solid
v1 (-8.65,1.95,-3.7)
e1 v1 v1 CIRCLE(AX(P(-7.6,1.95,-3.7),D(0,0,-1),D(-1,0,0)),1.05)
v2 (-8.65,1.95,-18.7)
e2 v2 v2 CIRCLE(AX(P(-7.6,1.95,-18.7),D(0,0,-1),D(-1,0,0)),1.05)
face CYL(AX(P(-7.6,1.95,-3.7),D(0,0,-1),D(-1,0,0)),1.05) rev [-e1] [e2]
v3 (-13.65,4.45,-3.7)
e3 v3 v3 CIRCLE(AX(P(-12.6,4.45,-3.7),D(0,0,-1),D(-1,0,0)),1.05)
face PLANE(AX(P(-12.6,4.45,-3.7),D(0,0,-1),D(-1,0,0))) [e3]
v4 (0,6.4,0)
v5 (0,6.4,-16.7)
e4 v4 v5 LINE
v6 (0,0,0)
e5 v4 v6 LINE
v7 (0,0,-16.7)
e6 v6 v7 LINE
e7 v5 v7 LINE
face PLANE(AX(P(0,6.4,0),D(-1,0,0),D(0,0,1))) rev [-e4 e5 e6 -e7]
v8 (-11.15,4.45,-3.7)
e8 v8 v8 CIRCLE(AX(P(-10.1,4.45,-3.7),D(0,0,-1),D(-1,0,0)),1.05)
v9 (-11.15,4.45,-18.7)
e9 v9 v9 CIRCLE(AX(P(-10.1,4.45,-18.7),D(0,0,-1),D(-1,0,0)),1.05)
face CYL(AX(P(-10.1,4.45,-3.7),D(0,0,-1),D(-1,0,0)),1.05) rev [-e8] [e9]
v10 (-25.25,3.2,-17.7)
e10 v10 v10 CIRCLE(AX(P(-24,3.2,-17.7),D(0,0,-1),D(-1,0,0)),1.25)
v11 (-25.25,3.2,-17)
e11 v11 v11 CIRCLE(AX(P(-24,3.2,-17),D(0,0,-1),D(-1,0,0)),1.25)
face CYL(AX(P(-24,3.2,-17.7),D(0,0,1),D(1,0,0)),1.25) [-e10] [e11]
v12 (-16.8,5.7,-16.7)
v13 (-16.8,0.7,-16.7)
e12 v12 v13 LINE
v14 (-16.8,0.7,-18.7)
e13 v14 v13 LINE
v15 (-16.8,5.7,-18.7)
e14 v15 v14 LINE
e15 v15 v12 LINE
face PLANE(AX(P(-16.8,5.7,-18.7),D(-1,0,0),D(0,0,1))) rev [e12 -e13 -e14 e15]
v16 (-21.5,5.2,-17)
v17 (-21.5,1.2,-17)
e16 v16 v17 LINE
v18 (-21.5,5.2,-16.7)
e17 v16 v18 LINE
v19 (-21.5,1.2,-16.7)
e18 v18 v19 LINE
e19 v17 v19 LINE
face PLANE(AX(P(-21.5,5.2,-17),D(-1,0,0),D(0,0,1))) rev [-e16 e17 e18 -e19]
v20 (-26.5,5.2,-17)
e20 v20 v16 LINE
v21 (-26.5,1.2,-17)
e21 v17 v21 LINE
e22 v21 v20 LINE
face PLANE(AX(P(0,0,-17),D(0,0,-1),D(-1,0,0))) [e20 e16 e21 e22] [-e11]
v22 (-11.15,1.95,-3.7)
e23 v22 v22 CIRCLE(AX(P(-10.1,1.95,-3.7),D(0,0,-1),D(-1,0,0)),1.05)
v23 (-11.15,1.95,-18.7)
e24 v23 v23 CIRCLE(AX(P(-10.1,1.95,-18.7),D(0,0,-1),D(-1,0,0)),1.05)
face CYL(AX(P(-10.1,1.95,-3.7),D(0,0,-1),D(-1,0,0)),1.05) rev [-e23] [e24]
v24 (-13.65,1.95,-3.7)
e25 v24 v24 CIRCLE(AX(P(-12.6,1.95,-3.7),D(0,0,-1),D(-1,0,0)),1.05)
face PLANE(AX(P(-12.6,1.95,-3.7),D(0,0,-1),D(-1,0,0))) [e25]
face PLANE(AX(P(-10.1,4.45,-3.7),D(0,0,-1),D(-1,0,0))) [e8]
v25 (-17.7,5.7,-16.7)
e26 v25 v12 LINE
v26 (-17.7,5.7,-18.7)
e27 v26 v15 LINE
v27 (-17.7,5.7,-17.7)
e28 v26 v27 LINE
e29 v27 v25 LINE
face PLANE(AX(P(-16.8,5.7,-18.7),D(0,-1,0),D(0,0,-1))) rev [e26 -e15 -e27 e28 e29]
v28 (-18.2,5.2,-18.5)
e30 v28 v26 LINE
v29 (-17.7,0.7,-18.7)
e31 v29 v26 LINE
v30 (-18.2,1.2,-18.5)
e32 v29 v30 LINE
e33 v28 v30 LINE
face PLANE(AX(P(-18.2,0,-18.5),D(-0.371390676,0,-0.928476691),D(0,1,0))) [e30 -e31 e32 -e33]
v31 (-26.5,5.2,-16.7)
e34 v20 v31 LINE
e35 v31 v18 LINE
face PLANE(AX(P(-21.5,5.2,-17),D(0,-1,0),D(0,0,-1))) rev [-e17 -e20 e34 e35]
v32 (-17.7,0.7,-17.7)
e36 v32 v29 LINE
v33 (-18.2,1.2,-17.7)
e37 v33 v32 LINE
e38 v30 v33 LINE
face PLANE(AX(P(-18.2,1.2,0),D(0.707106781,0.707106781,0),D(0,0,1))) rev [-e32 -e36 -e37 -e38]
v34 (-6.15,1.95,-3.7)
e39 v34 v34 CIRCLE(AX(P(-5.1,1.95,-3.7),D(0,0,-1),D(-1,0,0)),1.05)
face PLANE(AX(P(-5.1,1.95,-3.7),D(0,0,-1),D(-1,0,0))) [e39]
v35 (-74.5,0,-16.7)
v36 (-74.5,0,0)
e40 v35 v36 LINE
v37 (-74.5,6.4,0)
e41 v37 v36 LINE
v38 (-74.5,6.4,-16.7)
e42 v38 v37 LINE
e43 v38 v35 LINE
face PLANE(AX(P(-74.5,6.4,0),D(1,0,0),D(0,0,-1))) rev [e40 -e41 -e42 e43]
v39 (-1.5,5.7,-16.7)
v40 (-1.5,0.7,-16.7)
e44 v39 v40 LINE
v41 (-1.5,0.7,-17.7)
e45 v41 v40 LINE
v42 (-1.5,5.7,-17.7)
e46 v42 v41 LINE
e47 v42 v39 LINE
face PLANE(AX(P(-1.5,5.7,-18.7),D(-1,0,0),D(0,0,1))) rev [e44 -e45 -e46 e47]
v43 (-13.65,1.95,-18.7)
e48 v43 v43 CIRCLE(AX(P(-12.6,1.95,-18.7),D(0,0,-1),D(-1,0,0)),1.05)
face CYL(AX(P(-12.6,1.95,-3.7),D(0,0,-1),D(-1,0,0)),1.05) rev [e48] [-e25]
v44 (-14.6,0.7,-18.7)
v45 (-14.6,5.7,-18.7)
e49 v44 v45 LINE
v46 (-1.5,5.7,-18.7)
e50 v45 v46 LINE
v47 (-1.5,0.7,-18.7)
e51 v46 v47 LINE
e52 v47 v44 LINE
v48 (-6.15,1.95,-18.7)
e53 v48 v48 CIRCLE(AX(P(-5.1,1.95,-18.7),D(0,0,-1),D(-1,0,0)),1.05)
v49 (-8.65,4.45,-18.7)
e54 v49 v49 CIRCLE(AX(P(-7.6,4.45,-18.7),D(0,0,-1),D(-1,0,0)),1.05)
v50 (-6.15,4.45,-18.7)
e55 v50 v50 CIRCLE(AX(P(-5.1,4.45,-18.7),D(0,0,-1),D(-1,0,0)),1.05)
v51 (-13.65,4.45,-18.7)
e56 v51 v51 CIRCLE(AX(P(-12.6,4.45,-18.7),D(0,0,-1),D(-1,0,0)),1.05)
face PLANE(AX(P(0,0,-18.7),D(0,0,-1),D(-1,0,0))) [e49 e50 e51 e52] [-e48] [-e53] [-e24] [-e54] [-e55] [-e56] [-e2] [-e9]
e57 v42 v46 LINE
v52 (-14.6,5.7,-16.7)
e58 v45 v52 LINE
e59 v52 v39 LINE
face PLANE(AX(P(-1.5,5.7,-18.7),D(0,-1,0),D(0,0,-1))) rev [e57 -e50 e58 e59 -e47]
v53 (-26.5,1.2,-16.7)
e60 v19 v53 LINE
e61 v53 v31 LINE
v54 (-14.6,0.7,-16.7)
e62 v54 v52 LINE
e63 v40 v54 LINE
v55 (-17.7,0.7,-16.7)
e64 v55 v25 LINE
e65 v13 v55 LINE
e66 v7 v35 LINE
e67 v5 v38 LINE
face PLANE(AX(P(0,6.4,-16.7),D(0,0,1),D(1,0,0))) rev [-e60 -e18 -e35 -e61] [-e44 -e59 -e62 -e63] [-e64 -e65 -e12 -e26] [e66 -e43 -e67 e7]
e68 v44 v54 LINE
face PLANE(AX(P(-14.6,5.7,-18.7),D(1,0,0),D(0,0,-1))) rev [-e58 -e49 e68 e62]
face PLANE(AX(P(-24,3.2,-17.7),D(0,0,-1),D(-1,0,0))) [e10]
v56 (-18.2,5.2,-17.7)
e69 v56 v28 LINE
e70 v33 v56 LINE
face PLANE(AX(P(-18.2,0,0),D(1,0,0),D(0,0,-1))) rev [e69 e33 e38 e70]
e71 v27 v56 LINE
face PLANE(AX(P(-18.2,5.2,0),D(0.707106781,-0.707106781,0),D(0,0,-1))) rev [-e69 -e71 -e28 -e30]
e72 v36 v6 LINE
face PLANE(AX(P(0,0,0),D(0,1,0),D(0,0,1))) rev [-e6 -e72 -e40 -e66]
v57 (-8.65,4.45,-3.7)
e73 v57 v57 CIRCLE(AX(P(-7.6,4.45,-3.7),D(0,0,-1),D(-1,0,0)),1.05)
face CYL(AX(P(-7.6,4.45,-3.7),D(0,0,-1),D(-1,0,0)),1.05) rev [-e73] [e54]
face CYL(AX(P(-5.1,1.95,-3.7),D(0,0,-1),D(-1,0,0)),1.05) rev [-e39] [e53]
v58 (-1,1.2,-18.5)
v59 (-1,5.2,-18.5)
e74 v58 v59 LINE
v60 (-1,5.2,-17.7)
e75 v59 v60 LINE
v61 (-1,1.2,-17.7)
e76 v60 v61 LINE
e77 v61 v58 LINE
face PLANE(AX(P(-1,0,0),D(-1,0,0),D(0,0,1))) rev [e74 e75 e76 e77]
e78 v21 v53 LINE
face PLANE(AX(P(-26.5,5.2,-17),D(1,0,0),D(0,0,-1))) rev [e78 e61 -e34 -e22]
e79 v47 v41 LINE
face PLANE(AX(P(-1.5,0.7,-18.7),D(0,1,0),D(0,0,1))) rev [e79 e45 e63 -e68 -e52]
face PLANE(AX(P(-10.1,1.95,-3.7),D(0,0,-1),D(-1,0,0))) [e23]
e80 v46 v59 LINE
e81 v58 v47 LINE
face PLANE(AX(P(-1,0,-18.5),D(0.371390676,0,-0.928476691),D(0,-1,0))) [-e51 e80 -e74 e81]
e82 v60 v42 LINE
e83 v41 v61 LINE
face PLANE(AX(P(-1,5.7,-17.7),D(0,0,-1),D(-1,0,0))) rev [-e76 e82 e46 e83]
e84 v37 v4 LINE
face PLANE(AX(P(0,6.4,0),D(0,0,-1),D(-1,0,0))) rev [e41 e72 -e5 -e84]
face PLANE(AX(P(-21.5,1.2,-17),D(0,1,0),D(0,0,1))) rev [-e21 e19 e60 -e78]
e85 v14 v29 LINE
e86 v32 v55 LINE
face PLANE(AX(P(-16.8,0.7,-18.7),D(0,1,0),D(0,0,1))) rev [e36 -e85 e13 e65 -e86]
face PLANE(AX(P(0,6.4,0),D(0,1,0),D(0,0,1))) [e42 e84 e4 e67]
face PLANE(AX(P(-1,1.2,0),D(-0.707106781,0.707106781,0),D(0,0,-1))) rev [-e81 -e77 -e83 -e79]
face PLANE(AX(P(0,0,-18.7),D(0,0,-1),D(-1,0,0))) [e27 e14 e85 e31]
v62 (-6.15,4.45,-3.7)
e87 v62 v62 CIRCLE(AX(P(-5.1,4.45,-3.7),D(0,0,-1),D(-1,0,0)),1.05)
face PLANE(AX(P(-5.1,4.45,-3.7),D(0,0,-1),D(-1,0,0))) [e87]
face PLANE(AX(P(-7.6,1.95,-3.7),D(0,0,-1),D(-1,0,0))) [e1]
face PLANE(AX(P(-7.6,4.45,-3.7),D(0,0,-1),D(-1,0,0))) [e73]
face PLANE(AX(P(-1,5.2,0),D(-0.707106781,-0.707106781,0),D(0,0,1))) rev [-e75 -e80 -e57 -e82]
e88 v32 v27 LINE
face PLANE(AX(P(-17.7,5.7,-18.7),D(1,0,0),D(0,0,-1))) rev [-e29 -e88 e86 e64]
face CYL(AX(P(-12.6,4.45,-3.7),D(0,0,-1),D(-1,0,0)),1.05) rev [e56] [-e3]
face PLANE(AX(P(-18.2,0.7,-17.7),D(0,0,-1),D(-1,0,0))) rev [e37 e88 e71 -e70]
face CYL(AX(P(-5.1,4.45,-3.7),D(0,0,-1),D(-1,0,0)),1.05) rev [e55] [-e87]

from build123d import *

# Parameters (mm, degrees)
SKETCH1_W             = 74.5
SKETCH1_H             = 16.7
BOSS_EXTRUDE1_DEPTH   = 6.4
SKETCH2_W             = 13.1
SKETCH2_H             = 5
SKETCH2_W_2           = 0.9
BOSS_EXTRUDE2_DEPTH   = 2
SKETCH3_R             = 1.05
CUT_EXTRUDE1_DEPTH    = 15
SKETCH4_W             = 1
SKETCH4_H             = 5
BOSS_EXTRUDE3_DEPTH   = 0.5
SKETCH5_W             = 1
SKETCH5_H             = 5
BOSS_EXTRUDE4_DEPTH   = 0.5
CHAMFER2_SIZE         = 0.5
CHAMFER2_SIZE2        = 0.2
CHAMFER2_PART_2_SIZE  = 0.5
CHAMFER2_PART_2_SIZE2 = 0.2
CHAMFER1_SIZE         = 0.5
SKETCH6_W             = 5
SKETCH6_H             = 4
BOSS_EXTRUDE5_DEPTH   = 0.3
SKETCH7_R             = 1.25
BOSS_EXTRUDE6_DEPTH   = 0.7


with BuildPart() as part:
    # Sketch1 → Boss-Extrude1 (new body)
    with BuildSketch(Plane(origin=(0, 0, 0), x_dir=(1, 0, 0), z_dir=(0, 1, 0))):
        with Locations((-37.25, 8.35)):
            Rectangle(SKETCH1_W, SKETCH1_H)
    extrude(amount=BOSS_EXTRUDE1_DEPTH)

    # Sketch2 → Boss-Extrude2 (add)
    with BuildSketch(Plane(origin=(0, 0, -16.7), x_dir=(-1, 0, 0), z_dir=(0, 0, -1))):
        with Locations((8.05, 3.2)):
            Rectangle(SKETCH2_W, SKETCH2_H)
        with Locations((17.25, 3.2)):
            Rectangle(SKETCH2_W_2, SKETCH2_H)
    extrude(amount=BOSS_EXTRUDE2_DEPTH)

    # Sketch3 → Cut-Extrude1 (cut)
    with BuildSketch(Plane(origin=(0, 0, -18.7), x_dir=(-1, 0, 0), z_dir=(0, 0, -1))):
        with Locations((5.1, 4.45)):
            Circle(SKETCH3_R)
        with Locations((7.6, 4.45)):
            Circle(SKETCH3_R)
        with Locations((10.1, 4.45)):
            Circle(SKETCH3_R)
        with Locations((12.6, 4.45)):
            Circle(SKETCH3_R)
        with Locations((12.6, 1.95)):
            Circle(SKETCH3_R)
        with Locations((10.1, 1.95)):
            Circle(SKETCH3_R)
        with Locations((7.6, 1.95)):
            Circle(SKETCH3_R)
        with Locations((5.1, 1.95)):
            Circle(SKETCH3_R)
    extrude(amount=-CUT_EXTRUDE1_DEPTH, mode=Mode.SUBTRACT)

    # Sketch4 → Boss-Extrude3 (add)
    with BuildSketch(Plane(origin=(-1.5, 0, 0), x_dir=(0, 0, -1), z_dir=(1, 0, 0))):
        with Locations((18.2, 3.2)):
            Rectangle(SKETCH4_W, SKETCH4_H)
    extrude(amount=BOSS_EXTRUDE3_DEPTH)

    # Sketch5 → Boss-Extrude4 (add)
    with BuildSketch(Plane.ZY.offset(17.7)):
        with Locations((-18.2, 3.2)):
            Rectangle(SKETCH5_W, SKETCH5_H)
    extrude(amount=BOSS_EXTRUDE4_DEPTH)

    # Chamfer2
    chamfer2_edges = [part.edges().sort_by_distance(p)[0] for p in [
        (-1, 3.2, -18.7),
    ]]
    chamfer2_side = [part.faces().sort_by_distance(p)[0] for p in [
        (-7.077898805, 3.2, -18.7),
    ]]
    chamfer(chamfer2_edges, length=CHAMFER2_SIZE, length2=CHAMFER2_SIZE2, reference=chamfer2_side[0])

    # Chamfer2 part 2
    chamfer2_part_2_edges = [part.edges().sort_by_distance(p)[0] for p in [
        (-18.2, 3.2, -18.7),
    ]]
    chamfer2_part_2_side = [part.faces().sort_by_distance(p)[0] for p in [
        (-17.5, 3.2, -18.7),
    ]]
    chamfer(chamfer2_part_2_edges, length=CHAMFER2_PART_2_SIZE, length2=CHAMFER2_PART_2_SIZE2, reference=chamfer2_part_2_side[0])

    # Chamfer1
    chamfer1_edges = [part.edges().sort_by_distance(p)[0] for p in [
        (-18.2, 0.7, -18.1),
        (-18.2, 5.7, -18.1),
        (-1, 5.7, -18.1),
        (-1, 0.7, -18.1),
    ]]
    chamfer(chamfer1_edges, length=CHAMFER1_SIZE)

    # Sketch6 → Boss-Extrude5 (add)
    with BuildSketch(Plane(origin=(0, 0, -16.7), x_dir=(-1, 0, 0), z_dir=(0, 0, -1))):
        with Locations((24, 3.2)):
            Rectangle(SKETCH6_W, SKETCH6_H)
    extrude(amount=BOSS_EXTRUDE5_DEPTH)

    # Sketch7 → Boss-Extrude6 (add)
    with BuildSketch(Plane(origin=(0, 0, -17), x_dir=(-1, 0, 0), z_dir=(0, 0, -1))):
        with Locations((24, 3.2)):
            Circle(SKETCH7_R)
    extrude(amount=BOSS_EXTRUDE6_DEPTH)


solid = part.part
